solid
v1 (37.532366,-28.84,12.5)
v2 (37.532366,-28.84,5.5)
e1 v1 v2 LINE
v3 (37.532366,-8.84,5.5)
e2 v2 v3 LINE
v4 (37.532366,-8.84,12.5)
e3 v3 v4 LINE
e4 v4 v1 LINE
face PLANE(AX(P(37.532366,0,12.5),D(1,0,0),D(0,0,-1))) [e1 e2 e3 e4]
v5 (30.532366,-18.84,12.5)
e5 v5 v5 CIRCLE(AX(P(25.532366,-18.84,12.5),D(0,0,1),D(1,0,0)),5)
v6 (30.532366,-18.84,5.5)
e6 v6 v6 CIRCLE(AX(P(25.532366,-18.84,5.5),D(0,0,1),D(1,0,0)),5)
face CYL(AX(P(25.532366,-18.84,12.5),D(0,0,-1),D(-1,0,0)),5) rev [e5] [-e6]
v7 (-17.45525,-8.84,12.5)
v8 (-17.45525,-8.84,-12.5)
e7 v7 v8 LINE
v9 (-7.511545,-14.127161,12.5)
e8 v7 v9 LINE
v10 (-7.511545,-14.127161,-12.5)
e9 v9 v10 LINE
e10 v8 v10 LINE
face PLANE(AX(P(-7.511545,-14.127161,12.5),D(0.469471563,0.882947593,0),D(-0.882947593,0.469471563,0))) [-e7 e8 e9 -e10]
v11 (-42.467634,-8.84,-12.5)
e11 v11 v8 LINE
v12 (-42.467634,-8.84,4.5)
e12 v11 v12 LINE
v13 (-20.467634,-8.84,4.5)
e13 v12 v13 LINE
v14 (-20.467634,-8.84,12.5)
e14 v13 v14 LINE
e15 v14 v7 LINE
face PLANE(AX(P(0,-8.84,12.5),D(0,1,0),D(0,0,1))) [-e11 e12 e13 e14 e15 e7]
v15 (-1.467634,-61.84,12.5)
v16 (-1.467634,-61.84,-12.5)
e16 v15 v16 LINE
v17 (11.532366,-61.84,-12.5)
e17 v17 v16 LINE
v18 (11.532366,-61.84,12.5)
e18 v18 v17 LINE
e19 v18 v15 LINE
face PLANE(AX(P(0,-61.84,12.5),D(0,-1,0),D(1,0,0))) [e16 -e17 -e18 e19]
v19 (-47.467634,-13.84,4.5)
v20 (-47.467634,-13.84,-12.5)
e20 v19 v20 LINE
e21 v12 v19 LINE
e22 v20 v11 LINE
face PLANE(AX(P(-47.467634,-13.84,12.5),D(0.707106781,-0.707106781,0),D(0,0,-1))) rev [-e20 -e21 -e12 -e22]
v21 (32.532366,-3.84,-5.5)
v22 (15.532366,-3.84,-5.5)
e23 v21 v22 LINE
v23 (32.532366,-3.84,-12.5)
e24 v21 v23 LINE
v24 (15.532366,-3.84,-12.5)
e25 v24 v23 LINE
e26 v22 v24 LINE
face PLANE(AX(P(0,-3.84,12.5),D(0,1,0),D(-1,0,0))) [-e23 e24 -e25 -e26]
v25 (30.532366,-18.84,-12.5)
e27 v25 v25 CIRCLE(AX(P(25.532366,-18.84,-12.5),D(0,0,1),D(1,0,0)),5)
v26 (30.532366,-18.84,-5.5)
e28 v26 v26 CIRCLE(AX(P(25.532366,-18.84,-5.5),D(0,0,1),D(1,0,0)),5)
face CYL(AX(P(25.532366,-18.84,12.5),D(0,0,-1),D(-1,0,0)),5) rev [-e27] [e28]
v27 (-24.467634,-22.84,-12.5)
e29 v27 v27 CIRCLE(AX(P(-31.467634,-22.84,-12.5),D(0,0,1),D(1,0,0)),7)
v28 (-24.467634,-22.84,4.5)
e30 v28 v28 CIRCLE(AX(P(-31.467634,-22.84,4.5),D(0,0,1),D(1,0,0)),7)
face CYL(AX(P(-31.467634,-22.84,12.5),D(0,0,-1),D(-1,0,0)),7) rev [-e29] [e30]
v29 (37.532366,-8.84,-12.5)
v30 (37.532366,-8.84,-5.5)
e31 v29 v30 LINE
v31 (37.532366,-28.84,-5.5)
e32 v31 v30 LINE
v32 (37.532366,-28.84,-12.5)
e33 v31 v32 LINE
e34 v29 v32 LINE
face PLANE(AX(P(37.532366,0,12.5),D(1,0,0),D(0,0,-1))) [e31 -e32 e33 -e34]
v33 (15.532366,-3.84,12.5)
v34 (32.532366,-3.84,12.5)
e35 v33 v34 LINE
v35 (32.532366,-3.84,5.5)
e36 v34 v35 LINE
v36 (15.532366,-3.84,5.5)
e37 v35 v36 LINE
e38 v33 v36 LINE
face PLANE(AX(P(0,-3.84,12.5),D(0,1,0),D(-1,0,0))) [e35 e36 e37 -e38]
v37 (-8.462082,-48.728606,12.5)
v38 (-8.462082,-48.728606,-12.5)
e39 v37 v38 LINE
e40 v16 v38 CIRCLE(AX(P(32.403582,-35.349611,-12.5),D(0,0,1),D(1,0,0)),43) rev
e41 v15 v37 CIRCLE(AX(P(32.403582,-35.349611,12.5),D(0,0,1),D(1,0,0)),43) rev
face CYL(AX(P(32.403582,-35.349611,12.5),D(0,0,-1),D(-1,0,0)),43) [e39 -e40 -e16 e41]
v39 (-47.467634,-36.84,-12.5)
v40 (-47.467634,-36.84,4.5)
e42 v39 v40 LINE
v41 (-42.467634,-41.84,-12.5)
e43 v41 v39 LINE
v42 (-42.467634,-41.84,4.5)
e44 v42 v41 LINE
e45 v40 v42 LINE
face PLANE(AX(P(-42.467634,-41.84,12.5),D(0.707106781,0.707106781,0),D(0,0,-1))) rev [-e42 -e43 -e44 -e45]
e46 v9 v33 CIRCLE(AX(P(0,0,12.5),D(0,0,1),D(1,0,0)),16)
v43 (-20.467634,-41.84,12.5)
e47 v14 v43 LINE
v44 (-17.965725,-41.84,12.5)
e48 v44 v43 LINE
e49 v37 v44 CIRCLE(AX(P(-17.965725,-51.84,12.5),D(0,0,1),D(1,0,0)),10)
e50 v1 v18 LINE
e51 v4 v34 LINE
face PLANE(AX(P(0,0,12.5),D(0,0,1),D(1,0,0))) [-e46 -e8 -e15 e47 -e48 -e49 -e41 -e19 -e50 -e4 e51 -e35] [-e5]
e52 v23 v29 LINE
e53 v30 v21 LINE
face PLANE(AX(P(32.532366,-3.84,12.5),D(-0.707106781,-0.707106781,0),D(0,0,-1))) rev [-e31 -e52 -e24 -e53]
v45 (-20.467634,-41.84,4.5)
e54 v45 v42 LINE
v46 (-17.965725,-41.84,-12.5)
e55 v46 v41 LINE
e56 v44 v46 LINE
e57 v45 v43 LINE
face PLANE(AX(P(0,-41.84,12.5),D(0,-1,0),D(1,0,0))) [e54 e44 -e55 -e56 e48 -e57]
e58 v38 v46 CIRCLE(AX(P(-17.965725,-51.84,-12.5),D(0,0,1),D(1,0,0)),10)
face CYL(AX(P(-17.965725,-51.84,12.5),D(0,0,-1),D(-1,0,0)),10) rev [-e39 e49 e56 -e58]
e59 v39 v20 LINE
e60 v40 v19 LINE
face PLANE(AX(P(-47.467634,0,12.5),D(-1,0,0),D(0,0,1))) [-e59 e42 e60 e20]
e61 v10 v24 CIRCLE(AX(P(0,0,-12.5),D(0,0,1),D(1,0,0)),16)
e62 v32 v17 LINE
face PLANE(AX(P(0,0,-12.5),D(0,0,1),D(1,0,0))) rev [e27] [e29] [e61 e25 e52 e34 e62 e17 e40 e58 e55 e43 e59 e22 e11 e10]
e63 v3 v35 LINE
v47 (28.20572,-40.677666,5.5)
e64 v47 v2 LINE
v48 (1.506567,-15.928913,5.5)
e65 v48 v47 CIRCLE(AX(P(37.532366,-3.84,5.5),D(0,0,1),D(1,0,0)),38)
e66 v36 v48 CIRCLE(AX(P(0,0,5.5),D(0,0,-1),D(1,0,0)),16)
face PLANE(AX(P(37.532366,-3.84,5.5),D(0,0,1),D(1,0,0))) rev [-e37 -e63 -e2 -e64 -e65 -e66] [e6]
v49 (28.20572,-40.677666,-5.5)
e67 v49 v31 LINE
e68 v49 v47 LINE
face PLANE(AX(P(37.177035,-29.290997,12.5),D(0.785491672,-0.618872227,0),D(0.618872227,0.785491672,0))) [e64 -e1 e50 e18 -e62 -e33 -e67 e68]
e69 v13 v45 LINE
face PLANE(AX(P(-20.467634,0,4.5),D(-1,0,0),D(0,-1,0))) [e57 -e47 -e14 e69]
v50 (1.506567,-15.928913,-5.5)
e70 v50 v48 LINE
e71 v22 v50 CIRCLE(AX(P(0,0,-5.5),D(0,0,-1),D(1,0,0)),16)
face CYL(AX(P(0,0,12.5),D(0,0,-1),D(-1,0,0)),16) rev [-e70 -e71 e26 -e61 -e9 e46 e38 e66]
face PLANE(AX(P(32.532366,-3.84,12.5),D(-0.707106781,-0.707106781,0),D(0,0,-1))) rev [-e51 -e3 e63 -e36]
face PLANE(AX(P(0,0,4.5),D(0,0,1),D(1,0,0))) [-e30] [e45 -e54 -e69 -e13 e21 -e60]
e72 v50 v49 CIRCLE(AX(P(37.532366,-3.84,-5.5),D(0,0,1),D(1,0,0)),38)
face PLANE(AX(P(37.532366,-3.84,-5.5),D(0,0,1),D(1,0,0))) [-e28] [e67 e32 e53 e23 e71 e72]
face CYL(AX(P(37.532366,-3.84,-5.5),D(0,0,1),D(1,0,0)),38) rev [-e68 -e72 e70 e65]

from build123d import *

# Parameters (mm, degrees)
SKETCH1_R           = 5
SKETCH1_R_2         = 7
BOSS_EXTRUDE1_DEPTH = 12.5
CUT_EXTRUDE1_START  = 4.5
SKETCH1_3_W         = 27
SKETCH1_3_H         = 33
SKETCH1_3_R         = 7
CUT_EXTRUDE1_DEPTH  = 8
CHAMFER1_SIZE       = 5
CUT_EXTRUDE2_DEPTH  = 5.5


with BuildPart() as part:
    # Sketch1 → Boss-Extrude1 (new, symmetric)
    with BuildSketch(Plane.XY):
        with BuildLine():
            Line((37.532366207, -3.84), (15.532366207, -3.84))
            ThreePointArc((15.532366207, -3.84), (6.522255442, -14.610276655), (-7.511545005, -14.127161486))
            Line((-7.511545005, -14.127161486), (-17.455249537, -8.84))
            Line((-17.455249537, -8.84), (-47.467633793, -8.84))
            Line((-47.467633793, -8.84), (-47.467633793, -41.84))
            Line((-47.467633793, -41.84), (-17.965724565, -41.84))
            ThreePointArc((-17.965724565, -41.84), (-12.096906214, -43.743274047), (-8.462081793, -48.728605767))
            ThreePointArc((-8.462081793, -48.728605767), (-5.535546312, -55.58874428), (-1.467633793, -61.84))
            Line((-1.467633793, -61.84), (11.532366207, -61.84))
            Line((11.532366207, -61.84), (37.532366207, -28.84))
            Line((37.532366207, -28.84), (37.532366207, -3.84))
        make_face()
        with Locations((25.532366207, -18.84)):
            Circle(SKETCH1_R, mode=Mode.SUBTRACT)
        with Locations((-31.467633793, -22.84)):
            Circle(SKETCH1_R_2, mode=Mode.SUBTRACT)
    extrude(amount=BOSS_EXTRUDE1_DEPTH, both=True)

    # Sketch1<3> → Cut-Extrude1 (cut)
    with BuildSketch(Plane.XY.offset(CUT_EXTRUDE1_START)):
        with Locations((-33.967633793, -25.34)):
            Rectangle(SKETCH1_3_W, SKETCH1_3_H)
        with Locations((-31.467633793, -22.84)):
            Circle(SKETCH1_3_R, mode=Mode.SUBTRACT)
    extrude(amount=CUT_EXTRUDE1_DEPTH, mode=Mode.SUBTRACT)

    # Chamfer1
    chamfer1_edges = [part.edges().sort_by_distance(p)[0] for p in [
        (37.532366207, -3.84, 0),
        (-47.467633793, -41.84, -4),
        (-47.467633793, -8.84, -4),
    ]]
    chamfer(chamfer1_edges, length=CHAMFER1_SIZE)

    # Sketch4 → Cut-Extrude2 (cut, symmetric)
    with BuildSketch(Plane.XY):
        with BuildLine():
            Line((37.532366207, -8.84), (37.532366207, -28.84))
            Line((37.532366207, -28.84), (28.205719919, -40.677666444))
            ThreePointArc((28.205719919, -40.677666444), (11.699513519, -31.708687123), (1.506567213, -15.928912557))
            ThreePointArc((1.506567213, -15.928912557), (10.445897028, -12.1195394), (15.532366207, -3.84))
            Line((15.532366207, -3.84), (32.532366207, -3.84))
            Line((32.532366207, -3.84), (37.532366207, -8.84))
        make_face()
    extrude(amount=CUT_EXTRUDE2_DEPTH, both=True, mode=Mode.SUBTRACT)


solid = part.part
